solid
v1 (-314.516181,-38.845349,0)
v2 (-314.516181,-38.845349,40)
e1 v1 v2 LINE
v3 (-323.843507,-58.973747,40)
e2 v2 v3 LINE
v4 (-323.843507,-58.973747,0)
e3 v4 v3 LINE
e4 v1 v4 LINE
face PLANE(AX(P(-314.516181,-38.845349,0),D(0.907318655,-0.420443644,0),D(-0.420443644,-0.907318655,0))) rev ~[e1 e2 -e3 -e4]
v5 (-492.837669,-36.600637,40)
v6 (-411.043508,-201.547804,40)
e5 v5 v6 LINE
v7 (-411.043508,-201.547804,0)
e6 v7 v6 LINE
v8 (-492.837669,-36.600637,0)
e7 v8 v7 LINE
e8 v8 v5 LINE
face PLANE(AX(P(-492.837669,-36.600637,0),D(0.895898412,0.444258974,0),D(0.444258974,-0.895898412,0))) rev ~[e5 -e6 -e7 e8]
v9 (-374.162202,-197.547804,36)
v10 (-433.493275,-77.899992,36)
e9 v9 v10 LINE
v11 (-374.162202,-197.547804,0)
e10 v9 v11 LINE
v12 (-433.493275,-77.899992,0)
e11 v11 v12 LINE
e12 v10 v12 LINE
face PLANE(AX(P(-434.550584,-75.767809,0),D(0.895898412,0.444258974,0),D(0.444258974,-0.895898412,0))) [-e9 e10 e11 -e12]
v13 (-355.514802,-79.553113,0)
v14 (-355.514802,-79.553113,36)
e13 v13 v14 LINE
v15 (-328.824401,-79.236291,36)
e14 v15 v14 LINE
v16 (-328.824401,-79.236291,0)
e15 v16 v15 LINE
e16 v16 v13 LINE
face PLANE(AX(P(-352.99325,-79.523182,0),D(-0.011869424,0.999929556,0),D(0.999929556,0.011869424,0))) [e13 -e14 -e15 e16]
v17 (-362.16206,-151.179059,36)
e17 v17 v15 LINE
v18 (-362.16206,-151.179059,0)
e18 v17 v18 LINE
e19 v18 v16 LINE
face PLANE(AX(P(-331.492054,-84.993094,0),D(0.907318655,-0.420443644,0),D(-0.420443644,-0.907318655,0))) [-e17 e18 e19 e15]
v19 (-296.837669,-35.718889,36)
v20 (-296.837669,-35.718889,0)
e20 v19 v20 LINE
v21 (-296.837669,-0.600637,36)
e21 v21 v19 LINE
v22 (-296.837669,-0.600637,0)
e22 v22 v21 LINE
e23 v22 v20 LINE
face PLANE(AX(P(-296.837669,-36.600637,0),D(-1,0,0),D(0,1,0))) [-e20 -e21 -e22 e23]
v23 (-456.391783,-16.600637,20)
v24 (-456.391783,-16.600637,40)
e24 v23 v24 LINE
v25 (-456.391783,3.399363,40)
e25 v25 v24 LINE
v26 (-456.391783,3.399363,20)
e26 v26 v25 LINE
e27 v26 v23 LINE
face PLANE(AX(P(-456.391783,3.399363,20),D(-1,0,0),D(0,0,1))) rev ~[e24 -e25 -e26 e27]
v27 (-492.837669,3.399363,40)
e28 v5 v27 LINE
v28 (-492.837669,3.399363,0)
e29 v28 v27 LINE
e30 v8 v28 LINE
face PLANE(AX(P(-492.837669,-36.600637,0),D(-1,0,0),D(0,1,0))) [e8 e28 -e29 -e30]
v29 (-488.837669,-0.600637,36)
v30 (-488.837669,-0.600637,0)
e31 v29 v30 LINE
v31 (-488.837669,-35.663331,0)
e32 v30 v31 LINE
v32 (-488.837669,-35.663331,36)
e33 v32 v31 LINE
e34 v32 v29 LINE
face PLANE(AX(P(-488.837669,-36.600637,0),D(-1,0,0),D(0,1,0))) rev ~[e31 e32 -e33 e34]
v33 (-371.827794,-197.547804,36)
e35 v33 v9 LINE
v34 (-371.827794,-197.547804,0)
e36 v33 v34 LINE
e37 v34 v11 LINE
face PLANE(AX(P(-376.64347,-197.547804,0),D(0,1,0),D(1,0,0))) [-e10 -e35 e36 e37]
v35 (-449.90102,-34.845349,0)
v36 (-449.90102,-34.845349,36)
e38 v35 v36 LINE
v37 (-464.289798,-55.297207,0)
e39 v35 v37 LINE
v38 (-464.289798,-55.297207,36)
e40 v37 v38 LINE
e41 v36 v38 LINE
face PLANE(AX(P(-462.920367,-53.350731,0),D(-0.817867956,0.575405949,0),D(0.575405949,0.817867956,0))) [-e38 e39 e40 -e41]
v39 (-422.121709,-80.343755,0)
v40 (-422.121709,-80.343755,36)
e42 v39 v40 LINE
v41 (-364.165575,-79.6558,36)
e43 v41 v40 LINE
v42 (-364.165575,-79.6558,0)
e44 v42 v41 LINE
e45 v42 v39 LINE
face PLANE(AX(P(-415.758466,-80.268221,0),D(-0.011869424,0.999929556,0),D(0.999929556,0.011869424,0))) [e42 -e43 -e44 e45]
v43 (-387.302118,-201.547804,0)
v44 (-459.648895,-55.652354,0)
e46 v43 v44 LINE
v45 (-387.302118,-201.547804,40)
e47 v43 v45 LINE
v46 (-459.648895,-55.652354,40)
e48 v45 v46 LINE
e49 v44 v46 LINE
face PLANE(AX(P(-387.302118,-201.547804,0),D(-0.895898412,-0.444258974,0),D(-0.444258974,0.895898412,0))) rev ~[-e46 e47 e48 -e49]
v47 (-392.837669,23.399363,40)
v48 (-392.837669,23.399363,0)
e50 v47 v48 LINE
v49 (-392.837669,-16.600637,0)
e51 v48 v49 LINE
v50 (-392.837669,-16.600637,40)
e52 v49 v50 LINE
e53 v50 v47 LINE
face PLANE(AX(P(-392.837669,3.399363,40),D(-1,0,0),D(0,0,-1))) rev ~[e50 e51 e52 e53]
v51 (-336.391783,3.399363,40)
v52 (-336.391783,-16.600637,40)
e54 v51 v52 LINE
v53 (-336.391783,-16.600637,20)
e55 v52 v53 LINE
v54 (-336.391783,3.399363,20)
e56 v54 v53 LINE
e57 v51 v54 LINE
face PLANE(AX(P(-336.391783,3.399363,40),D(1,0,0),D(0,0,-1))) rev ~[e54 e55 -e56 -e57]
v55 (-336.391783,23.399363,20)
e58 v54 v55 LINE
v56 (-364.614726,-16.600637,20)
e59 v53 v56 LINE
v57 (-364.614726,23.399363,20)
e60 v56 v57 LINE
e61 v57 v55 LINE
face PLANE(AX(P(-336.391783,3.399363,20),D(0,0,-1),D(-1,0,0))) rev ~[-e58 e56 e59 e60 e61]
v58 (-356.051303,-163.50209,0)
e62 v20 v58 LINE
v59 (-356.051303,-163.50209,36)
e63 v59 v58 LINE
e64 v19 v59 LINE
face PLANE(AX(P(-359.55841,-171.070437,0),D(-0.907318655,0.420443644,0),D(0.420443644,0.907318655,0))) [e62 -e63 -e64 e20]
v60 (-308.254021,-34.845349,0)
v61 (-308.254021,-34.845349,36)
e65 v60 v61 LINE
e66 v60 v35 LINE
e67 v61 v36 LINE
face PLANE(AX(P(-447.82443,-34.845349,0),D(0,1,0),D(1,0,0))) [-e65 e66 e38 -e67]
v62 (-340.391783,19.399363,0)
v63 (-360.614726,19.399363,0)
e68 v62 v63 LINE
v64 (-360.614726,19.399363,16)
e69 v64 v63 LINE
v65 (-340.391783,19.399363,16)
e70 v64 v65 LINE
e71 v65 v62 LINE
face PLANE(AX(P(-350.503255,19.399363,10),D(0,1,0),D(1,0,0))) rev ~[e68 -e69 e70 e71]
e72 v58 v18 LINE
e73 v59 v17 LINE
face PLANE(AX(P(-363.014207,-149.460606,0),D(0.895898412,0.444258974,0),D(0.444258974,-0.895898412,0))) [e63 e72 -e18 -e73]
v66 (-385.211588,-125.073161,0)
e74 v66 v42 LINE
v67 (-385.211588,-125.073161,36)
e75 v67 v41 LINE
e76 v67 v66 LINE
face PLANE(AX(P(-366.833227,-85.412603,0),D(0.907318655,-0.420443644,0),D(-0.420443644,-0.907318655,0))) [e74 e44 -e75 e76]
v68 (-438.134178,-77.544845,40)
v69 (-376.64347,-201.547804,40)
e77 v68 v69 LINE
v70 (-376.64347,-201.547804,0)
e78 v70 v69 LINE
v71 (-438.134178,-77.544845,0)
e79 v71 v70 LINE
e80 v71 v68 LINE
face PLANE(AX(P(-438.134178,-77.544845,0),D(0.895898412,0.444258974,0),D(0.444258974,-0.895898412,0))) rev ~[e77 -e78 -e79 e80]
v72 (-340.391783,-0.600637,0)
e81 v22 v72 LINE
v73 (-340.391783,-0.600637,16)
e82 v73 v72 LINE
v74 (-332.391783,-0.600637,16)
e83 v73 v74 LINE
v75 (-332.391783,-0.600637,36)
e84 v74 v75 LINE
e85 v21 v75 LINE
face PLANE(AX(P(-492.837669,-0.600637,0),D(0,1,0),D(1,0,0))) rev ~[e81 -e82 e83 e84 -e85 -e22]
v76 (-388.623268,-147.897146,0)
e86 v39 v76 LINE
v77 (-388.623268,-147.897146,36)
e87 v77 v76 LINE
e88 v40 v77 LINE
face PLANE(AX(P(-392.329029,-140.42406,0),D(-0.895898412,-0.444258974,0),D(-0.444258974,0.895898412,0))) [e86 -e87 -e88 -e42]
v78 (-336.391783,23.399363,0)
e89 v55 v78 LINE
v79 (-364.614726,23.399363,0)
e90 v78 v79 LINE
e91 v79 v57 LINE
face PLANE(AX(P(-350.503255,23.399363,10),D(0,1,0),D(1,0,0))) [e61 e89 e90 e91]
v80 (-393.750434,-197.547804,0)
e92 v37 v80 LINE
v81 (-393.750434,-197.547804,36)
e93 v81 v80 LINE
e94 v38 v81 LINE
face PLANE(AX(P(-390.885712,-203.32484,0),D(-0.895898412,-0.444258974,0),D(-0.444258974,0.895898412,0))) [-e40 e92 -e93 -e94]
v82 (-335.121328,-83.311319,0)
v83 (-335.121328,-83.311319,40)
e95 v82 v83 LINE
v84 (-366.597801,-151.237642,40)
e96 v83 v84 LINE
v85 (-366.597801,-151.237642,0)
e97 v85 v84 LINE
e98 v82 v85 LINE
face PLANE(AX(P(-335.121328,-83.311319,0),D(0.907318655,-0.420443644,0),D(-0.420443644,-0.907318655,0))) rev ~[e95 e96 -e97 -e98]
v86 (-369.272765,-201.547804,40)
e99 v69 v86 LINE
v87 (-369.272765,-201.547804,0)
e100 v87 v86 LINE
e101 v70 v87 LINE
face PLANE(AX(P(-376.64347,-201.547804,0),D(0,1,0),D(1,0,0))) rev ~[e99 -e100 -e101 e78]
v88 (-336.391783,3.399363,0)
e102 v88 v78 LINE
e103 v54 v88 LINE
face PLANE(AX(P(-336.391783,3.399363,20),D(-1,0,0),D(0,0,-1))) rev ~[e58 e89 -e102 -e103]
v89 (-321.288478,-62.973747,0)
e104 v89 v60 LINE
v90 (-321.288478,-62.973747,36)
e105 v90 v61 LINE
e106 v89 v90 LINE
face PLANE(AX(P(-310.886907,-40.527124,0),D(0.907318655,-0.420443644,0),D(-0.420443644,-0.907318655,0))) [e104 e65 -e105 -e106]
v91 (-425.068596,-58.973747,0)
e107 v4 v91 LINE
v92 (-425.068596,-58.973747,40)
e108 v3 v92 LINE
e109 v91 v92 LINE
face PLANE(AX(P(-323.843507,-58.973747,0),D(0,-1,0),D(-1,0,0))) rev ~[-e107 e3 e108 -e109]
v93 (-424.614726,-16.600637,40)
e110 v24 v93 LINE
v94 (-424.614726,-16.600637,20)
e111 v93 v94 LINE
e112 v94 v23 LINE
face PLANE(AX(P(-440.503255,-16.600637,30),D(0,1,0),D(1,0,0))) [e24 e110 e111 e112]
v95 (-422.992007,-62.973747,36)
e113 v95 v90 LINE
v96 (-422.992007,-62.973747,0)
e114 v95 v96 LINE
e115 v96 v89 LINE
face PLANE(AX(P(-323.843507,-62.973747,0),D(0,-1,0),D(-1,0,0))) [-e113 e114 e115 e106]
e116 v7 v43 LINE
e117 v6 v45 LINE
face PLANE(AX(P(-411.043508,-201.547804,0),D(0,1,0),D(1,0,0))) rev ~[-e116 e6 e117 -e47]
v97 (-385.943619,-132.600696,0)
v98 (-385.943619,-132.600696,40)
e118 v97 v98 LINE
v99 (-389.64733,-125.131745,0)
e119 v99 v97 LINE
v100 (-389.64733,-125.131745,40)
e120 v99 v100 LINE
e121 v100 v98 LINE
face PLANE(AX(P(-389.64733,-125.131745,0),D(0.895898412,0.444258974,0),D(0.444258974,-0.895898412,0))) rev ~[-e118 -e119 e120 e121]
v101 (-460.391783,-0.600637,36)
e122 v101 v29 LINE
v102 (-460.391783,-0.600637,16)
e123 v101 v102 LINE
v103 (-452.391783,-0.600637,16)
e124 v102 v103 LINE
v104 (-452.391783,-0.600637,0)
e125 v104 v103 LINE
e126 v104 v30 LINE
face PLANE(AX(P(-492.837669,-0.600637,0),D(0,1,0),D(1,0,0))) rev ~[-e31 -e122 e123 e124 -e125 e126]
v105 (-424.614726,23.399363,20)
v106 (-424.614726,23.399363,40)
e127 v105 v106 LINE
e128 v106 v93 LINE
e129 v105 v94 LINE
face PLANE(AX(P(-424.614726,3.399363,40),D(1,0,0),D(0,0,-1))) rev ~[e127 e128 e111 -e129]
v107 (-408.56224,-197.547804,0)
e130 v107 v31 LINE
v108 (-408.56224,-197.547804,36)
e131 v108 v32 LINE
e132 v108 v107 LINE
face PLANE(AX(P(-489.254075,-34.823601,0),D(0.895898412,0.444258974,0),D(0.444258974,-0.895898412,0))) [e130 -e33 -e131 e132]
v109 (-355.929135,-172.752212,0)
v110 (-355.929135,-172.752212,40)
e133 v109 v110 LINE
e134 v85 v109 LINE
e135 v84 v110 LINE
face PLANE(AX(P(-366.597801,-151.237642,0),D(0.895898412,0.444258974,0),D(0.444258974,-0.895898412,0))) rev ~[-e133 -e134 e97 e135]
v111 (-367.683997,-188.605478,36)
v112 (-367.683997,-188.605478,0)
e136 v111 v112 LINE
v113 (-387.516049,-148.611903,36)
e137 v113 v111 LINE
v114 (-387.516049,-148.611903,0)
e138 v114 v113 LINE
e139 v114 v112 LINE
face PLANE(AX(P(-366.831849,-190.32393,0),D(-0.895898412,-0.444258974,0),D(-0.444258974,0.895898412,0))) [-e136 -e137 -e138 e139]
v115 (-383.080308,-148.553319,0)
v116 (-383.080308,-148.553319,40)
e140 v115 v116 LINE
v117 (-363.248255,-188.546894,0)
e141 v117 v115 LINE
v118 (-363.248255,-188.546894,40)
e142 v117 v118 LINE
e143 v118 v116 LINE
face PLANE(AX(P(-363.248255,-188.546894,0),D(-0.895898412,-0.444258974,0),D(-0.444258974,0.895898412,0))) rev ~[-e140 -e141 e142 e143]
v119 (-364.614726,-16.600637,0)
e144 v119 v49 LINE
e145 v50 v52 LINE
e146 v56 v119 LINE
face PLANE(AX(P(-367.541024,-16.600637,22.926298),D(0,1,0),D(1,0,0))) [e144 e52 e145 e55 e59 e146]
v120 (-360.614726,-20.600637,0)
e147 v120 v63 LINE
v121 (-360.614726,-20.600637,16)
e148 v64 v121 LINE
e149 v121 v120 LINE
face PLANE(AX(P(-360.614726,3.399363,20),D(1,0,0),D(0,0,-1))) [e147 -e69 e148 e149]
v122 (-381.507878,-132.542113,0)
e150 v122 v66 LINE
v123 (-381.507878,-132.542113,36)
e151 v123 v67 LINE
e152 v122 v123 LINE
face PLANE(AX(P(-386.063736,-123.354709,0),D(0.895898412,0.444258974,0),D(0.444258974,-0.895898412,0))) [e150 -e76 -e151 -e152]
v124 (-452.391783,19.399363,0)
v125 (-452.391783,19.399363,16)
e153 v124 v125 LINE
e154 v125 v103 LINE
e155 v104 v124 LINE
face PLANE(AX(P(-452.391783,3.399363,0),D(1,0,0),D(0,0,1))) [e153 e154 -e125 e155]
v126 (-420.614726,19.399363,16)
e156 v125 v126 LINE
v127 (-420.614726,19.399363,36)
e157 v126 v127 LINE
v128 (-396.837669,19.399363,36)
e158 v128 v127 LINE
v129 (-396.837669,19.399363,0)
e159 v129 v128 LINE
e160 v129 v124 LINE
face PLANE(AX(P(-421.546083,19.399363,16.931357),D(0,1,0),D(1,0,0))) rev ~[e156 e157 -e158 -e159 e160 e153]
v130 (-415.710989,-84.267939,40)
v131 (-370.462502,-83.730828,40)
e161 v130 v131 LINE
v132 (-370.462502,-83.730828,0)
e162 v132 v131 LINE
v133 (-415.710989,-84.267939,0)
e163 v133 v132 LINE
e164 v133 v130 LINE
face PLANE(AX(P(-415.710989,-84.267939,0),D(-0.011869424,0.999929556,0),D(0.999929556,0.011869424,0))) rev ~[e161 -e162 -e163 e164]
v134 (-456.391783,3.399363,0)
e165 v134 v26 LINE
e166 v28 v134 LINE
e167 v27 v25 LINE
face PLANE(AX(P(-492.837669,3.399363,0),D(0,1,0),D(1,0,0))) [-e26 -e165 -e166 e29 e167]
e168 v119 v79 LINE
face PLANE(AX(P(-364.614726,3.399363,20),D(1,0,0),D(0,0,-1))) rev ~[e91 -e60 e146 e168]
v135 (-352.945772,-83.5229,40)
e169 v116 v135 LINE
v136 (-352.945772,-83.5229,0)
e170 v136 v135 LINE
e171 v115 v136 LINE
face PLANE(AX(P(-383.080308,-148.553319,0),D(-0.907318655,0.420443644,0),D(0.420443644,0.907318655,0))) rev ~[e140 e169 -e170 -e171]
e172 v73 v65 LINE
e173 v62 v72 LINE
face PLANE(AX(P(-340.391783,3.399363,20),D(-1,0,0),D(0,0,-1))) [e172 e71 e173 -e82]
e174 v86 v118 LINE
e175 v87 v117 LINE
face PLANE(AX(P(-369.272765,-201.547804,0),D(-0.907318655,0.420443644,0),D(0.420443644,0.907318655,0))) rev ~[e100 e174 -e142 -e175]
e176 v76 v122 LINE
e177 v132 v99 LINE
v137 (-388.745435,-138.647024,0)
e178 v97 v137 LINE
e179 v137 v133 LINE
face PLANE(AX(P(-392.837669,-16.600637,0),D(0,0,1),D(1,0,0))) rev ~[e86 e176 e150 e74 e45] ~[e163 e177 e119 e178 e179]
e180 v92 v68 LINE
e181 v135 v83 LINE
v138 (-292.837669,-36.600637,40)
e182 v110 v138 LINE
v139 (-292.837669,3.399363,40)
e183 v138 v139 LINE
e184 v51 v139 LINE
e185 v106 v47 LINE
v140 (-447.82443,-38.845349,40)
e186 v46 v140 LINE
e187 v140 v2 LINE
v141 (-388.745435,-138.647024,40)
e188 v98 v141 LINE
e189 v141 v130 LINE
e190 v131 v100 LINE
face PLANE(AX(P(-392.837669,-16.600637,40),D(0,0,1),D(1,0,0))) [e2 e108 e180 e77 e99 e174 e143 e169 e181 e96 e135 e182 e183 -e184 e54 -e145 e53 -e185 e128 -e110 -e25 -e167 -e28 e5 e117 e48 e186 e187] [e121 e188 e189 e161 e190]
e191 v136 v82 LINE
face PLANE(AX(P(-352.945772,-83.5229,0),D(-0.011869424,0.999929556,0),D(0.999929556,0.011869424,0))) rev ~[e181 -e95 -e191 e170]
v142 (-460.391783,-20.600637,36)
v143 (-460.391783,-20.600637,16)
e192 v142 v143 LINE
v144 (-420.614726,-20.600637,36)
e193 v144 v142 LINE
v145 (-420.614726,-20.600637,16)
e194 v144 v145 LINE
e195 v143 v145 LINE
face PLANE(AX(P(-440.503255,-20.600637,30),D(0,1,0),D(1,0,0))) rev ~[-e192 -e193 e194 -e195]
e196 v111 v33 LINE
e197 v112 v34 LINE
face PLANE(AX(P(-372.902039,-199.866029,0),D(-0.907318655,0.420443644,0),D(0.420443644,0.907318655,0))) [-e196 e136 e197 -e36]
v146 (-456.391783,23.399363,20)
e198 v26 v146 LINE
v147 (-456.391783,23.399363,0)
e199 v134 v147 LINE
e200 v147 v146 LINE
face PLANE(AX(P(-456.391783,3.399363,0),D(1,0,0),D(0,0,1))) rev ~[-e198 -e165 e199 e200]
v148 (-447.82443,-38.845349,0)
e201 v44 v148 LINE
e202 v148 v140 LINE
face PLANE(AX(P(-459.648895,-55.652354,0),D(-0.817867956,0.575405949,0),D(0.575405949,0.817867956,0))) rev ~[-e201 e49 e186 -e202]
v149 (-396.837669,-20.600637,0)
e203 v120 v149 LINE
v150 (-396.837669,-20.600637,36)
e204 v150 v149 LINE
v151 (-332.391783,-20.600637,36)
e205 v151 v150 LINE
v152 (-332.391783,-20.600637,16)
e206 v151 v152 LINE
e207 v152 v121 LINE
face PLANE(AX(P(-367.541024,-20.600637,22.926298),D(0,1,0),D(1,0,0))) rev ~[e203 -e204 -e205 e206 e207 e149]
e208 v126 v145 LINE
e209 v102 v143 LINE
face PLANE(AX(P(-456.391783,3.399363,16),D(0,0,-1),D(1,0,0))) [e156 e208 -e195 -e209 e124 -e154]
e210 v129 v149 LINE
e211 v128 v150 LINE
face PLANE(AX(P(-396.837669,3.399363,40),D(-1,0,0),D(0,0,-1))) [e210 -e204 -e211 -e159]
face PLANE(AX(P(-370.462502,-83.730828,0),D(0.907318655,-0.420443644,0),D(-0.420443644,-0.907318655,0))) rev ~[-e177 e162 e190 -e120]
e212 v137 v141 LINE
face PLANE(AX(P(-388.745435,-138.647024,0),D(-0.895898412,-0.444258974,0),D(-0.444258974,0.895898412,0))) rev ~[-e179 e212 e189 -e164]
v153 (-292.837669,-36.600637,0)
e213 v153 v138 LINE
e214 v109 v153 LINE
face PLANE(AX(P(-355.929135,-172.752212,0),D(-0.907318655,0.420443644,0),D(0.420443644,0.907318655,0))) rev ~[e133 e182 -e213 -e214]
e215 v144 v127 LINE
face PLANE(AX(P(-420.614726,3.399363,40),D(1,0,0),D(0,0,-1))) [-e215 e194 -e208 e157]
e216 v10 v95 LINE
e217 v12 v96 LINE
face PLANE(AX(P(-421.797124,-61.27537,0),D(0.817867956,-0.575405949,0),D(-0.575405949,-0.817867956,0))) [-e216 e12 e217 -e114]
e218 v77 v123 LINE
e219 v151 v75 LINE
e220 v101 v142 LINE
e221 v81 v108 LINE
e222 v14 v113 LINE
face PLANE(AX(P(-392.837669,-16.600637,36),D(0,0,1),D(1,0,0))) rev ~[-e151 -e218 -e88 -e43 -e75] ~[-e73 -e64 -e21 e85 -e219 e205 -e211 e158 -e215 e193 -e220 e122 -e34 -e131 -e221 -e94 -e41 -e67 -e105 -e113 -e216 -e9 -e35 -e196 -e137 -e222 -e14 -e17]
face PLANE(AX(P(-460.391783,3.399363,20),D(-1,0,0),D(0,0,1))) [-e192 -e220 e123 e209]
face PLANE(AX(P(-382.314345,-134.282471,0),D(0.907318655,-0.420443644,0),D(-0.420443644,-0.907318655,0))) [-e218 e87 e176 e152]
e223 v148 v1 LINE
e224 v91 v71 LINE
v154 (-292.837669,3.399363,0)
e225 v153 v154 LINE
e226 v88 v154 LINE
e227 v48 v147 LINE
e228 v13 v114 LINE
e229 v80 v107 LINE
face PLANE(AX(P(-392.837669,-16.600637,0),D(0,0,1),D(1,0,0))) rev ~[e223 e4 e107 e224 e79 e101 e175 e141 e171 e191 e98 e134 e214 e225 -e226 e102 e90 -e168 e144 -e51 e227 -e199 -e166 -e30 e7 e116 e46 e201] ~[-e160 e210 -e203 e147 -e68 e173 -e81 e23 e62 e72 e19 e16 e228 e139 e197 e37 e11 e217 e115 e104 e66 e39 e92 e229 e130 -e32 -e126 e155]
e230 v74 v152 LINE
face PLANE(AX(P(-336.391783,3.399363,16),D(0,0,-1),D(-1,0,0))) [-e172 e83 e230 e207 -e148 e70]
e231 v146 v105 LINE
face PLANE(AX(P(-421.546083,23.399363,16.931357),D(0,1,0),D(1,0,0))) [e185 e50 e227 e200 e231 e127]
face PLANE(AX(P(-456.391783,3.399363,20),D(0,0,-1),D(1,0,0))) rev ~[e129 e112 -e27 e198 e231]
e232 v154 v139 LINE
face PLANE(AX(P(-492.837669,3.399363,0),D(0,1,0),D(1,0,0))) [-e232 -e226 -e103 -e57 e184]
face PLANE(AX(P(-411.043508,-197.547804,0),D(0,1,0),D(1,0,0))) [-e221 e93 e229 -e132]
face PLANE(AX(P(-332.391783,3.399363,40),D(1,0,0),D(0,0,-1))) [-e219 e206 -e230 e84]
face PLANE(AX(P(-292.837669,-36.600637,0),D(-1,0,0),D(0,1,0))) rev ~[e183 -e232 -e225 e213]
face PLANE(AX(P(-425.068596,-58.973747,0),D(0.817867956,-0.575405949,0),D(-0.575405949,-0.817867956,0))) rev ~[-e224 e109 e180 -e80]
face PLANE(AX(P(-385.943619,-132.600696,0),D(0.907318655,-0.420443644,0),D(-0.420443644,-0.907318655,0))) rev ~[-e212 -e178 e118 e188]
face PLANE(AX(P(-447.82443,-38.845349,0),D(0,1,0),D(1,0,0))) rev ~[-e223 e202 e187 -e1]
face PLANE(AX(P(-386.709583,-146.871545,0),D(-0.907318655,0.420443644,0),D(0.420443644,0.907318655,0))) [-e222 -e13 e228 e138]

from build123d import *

# Parameters (mm, degrees)
EXTRUDE_1_DEPTH     = 40
EXTRUDE_5_DEPTH     = 20
CUT_EXTRUDE_1_DEPTH = 20
SHELL_1_T           = -4


with BuildPart() as part:
    # 草图2 → 凸台-拉伸1 (new body)
    with BuildSketch(Plane.XY):
        Polygon((-492.83766907737134, 3.399363384602765), (-492.83766907737134, -36.600636615400134), (-411.04350764937084, -201.54780387004163), (-387.3021178796635, -201.54780387004163), (-459.64889501148184, -55.65235437147672), (-447.824430393232, -38.845349288689015), (-314.51618126146934, -38.84534928868898), (-323.84350707219164, -58.973746582631264), (-425.06859632409555, -58.973746582631264), (-438.13417767710234, -77.54484466606092), (-376.6434698856671, -201.54780387004163), (-369.27276463278196, -201.54780387004163), (-363.24825517120325, -188.54689424122049), (-383.08030790431167, -148.55331936912614), (-352.9457720883425, -83.52289998835491), (-335.1213284507255, -83.31131920781937), (-366.59780107826595, -151.23764228433387), (-355.9291354649939, -172.7522117911716), (-292.83766907737163, -36.600636615400134), (-292.83766907737163, 3.399363384602765), align=None)
        Polygon((-388.745435454288, -138.64702410749163), (-415.7109887551389, -84.26793942985627), (-370.4625020076991, -83.73082812704564), (-389.6473299690999, -125.13174485915943), (-385.9436191741513, -132.60069610569766), align=None, mode=Mode.SUBTRACT)
    extrude(amount=EXTRUDE_1_DEPTH)

    # 草图3 → 凸台-拉伸5 (add)
    with BuildSketch(Plane(origin=(0, 3.399363384602765, 0), x_dir=(1, 0, 0), z_dir=(0, 1, 0))):
        Polygon((-336.3917831998655, -20.00000000000003), (-336.3917831998655, -5.981e-14), (-364.61472613861844, -3.469e-14), (-364.61472613861844, -20.000000000000018), align=None)
        Polygon((-392.8376690773715, -3.469e-14), (-456.3917831998654, -3.469e-14), (-456.3917831998654, -20.00000000000002), (-424.61472613861844, -20.00000000000001), (-424.61472613861844, -40), (-392.8376690773715, -39.999999999999986), align=None)
    extrude(amount=EXTRUDE_5_DEPTH)

    # 草图3<6> → 切除-拉伸1 (cut)
    with BuildSketch(Plane(origin=(0, 3.399363384602765, 0), x_dir=(1, 0, 0), z_dir=(0, 1, 0))):
        Polygon((-364.61472613861844, -20.000000000000018), (-364.61472613861844, -6.04e-14), (-392.8376690773715, -3.469e-14), (-392.8376690773715, -39.99999999999998), (-336.3917831998655, -39.99999999999998), (-336.3917831998655, -20.00000000000003), align=None)
        Polygon((-424.61472613861844, -20.00000000000001), (-456.39178319986536, -20.000000000000014), (-456.3917831998654, -40.00000000000006), (-424.61472613861844, -39.99999999999999), align=None)
    extrude(amount=-CUT_EXTRUDE_1_DEPTH, mode=Mode.SUBTRACT)

    # 抽壳1
    shell_1_openings = [part.faces().sort_by_distance(p)[0] for p in [
        (-393.958302549, -65.824912477, 0),
    ]]
    offset(amount=SHELL_1_T, openings=shell_1_openings, kind=Kind.INTERSECTION)


solid = part.part
